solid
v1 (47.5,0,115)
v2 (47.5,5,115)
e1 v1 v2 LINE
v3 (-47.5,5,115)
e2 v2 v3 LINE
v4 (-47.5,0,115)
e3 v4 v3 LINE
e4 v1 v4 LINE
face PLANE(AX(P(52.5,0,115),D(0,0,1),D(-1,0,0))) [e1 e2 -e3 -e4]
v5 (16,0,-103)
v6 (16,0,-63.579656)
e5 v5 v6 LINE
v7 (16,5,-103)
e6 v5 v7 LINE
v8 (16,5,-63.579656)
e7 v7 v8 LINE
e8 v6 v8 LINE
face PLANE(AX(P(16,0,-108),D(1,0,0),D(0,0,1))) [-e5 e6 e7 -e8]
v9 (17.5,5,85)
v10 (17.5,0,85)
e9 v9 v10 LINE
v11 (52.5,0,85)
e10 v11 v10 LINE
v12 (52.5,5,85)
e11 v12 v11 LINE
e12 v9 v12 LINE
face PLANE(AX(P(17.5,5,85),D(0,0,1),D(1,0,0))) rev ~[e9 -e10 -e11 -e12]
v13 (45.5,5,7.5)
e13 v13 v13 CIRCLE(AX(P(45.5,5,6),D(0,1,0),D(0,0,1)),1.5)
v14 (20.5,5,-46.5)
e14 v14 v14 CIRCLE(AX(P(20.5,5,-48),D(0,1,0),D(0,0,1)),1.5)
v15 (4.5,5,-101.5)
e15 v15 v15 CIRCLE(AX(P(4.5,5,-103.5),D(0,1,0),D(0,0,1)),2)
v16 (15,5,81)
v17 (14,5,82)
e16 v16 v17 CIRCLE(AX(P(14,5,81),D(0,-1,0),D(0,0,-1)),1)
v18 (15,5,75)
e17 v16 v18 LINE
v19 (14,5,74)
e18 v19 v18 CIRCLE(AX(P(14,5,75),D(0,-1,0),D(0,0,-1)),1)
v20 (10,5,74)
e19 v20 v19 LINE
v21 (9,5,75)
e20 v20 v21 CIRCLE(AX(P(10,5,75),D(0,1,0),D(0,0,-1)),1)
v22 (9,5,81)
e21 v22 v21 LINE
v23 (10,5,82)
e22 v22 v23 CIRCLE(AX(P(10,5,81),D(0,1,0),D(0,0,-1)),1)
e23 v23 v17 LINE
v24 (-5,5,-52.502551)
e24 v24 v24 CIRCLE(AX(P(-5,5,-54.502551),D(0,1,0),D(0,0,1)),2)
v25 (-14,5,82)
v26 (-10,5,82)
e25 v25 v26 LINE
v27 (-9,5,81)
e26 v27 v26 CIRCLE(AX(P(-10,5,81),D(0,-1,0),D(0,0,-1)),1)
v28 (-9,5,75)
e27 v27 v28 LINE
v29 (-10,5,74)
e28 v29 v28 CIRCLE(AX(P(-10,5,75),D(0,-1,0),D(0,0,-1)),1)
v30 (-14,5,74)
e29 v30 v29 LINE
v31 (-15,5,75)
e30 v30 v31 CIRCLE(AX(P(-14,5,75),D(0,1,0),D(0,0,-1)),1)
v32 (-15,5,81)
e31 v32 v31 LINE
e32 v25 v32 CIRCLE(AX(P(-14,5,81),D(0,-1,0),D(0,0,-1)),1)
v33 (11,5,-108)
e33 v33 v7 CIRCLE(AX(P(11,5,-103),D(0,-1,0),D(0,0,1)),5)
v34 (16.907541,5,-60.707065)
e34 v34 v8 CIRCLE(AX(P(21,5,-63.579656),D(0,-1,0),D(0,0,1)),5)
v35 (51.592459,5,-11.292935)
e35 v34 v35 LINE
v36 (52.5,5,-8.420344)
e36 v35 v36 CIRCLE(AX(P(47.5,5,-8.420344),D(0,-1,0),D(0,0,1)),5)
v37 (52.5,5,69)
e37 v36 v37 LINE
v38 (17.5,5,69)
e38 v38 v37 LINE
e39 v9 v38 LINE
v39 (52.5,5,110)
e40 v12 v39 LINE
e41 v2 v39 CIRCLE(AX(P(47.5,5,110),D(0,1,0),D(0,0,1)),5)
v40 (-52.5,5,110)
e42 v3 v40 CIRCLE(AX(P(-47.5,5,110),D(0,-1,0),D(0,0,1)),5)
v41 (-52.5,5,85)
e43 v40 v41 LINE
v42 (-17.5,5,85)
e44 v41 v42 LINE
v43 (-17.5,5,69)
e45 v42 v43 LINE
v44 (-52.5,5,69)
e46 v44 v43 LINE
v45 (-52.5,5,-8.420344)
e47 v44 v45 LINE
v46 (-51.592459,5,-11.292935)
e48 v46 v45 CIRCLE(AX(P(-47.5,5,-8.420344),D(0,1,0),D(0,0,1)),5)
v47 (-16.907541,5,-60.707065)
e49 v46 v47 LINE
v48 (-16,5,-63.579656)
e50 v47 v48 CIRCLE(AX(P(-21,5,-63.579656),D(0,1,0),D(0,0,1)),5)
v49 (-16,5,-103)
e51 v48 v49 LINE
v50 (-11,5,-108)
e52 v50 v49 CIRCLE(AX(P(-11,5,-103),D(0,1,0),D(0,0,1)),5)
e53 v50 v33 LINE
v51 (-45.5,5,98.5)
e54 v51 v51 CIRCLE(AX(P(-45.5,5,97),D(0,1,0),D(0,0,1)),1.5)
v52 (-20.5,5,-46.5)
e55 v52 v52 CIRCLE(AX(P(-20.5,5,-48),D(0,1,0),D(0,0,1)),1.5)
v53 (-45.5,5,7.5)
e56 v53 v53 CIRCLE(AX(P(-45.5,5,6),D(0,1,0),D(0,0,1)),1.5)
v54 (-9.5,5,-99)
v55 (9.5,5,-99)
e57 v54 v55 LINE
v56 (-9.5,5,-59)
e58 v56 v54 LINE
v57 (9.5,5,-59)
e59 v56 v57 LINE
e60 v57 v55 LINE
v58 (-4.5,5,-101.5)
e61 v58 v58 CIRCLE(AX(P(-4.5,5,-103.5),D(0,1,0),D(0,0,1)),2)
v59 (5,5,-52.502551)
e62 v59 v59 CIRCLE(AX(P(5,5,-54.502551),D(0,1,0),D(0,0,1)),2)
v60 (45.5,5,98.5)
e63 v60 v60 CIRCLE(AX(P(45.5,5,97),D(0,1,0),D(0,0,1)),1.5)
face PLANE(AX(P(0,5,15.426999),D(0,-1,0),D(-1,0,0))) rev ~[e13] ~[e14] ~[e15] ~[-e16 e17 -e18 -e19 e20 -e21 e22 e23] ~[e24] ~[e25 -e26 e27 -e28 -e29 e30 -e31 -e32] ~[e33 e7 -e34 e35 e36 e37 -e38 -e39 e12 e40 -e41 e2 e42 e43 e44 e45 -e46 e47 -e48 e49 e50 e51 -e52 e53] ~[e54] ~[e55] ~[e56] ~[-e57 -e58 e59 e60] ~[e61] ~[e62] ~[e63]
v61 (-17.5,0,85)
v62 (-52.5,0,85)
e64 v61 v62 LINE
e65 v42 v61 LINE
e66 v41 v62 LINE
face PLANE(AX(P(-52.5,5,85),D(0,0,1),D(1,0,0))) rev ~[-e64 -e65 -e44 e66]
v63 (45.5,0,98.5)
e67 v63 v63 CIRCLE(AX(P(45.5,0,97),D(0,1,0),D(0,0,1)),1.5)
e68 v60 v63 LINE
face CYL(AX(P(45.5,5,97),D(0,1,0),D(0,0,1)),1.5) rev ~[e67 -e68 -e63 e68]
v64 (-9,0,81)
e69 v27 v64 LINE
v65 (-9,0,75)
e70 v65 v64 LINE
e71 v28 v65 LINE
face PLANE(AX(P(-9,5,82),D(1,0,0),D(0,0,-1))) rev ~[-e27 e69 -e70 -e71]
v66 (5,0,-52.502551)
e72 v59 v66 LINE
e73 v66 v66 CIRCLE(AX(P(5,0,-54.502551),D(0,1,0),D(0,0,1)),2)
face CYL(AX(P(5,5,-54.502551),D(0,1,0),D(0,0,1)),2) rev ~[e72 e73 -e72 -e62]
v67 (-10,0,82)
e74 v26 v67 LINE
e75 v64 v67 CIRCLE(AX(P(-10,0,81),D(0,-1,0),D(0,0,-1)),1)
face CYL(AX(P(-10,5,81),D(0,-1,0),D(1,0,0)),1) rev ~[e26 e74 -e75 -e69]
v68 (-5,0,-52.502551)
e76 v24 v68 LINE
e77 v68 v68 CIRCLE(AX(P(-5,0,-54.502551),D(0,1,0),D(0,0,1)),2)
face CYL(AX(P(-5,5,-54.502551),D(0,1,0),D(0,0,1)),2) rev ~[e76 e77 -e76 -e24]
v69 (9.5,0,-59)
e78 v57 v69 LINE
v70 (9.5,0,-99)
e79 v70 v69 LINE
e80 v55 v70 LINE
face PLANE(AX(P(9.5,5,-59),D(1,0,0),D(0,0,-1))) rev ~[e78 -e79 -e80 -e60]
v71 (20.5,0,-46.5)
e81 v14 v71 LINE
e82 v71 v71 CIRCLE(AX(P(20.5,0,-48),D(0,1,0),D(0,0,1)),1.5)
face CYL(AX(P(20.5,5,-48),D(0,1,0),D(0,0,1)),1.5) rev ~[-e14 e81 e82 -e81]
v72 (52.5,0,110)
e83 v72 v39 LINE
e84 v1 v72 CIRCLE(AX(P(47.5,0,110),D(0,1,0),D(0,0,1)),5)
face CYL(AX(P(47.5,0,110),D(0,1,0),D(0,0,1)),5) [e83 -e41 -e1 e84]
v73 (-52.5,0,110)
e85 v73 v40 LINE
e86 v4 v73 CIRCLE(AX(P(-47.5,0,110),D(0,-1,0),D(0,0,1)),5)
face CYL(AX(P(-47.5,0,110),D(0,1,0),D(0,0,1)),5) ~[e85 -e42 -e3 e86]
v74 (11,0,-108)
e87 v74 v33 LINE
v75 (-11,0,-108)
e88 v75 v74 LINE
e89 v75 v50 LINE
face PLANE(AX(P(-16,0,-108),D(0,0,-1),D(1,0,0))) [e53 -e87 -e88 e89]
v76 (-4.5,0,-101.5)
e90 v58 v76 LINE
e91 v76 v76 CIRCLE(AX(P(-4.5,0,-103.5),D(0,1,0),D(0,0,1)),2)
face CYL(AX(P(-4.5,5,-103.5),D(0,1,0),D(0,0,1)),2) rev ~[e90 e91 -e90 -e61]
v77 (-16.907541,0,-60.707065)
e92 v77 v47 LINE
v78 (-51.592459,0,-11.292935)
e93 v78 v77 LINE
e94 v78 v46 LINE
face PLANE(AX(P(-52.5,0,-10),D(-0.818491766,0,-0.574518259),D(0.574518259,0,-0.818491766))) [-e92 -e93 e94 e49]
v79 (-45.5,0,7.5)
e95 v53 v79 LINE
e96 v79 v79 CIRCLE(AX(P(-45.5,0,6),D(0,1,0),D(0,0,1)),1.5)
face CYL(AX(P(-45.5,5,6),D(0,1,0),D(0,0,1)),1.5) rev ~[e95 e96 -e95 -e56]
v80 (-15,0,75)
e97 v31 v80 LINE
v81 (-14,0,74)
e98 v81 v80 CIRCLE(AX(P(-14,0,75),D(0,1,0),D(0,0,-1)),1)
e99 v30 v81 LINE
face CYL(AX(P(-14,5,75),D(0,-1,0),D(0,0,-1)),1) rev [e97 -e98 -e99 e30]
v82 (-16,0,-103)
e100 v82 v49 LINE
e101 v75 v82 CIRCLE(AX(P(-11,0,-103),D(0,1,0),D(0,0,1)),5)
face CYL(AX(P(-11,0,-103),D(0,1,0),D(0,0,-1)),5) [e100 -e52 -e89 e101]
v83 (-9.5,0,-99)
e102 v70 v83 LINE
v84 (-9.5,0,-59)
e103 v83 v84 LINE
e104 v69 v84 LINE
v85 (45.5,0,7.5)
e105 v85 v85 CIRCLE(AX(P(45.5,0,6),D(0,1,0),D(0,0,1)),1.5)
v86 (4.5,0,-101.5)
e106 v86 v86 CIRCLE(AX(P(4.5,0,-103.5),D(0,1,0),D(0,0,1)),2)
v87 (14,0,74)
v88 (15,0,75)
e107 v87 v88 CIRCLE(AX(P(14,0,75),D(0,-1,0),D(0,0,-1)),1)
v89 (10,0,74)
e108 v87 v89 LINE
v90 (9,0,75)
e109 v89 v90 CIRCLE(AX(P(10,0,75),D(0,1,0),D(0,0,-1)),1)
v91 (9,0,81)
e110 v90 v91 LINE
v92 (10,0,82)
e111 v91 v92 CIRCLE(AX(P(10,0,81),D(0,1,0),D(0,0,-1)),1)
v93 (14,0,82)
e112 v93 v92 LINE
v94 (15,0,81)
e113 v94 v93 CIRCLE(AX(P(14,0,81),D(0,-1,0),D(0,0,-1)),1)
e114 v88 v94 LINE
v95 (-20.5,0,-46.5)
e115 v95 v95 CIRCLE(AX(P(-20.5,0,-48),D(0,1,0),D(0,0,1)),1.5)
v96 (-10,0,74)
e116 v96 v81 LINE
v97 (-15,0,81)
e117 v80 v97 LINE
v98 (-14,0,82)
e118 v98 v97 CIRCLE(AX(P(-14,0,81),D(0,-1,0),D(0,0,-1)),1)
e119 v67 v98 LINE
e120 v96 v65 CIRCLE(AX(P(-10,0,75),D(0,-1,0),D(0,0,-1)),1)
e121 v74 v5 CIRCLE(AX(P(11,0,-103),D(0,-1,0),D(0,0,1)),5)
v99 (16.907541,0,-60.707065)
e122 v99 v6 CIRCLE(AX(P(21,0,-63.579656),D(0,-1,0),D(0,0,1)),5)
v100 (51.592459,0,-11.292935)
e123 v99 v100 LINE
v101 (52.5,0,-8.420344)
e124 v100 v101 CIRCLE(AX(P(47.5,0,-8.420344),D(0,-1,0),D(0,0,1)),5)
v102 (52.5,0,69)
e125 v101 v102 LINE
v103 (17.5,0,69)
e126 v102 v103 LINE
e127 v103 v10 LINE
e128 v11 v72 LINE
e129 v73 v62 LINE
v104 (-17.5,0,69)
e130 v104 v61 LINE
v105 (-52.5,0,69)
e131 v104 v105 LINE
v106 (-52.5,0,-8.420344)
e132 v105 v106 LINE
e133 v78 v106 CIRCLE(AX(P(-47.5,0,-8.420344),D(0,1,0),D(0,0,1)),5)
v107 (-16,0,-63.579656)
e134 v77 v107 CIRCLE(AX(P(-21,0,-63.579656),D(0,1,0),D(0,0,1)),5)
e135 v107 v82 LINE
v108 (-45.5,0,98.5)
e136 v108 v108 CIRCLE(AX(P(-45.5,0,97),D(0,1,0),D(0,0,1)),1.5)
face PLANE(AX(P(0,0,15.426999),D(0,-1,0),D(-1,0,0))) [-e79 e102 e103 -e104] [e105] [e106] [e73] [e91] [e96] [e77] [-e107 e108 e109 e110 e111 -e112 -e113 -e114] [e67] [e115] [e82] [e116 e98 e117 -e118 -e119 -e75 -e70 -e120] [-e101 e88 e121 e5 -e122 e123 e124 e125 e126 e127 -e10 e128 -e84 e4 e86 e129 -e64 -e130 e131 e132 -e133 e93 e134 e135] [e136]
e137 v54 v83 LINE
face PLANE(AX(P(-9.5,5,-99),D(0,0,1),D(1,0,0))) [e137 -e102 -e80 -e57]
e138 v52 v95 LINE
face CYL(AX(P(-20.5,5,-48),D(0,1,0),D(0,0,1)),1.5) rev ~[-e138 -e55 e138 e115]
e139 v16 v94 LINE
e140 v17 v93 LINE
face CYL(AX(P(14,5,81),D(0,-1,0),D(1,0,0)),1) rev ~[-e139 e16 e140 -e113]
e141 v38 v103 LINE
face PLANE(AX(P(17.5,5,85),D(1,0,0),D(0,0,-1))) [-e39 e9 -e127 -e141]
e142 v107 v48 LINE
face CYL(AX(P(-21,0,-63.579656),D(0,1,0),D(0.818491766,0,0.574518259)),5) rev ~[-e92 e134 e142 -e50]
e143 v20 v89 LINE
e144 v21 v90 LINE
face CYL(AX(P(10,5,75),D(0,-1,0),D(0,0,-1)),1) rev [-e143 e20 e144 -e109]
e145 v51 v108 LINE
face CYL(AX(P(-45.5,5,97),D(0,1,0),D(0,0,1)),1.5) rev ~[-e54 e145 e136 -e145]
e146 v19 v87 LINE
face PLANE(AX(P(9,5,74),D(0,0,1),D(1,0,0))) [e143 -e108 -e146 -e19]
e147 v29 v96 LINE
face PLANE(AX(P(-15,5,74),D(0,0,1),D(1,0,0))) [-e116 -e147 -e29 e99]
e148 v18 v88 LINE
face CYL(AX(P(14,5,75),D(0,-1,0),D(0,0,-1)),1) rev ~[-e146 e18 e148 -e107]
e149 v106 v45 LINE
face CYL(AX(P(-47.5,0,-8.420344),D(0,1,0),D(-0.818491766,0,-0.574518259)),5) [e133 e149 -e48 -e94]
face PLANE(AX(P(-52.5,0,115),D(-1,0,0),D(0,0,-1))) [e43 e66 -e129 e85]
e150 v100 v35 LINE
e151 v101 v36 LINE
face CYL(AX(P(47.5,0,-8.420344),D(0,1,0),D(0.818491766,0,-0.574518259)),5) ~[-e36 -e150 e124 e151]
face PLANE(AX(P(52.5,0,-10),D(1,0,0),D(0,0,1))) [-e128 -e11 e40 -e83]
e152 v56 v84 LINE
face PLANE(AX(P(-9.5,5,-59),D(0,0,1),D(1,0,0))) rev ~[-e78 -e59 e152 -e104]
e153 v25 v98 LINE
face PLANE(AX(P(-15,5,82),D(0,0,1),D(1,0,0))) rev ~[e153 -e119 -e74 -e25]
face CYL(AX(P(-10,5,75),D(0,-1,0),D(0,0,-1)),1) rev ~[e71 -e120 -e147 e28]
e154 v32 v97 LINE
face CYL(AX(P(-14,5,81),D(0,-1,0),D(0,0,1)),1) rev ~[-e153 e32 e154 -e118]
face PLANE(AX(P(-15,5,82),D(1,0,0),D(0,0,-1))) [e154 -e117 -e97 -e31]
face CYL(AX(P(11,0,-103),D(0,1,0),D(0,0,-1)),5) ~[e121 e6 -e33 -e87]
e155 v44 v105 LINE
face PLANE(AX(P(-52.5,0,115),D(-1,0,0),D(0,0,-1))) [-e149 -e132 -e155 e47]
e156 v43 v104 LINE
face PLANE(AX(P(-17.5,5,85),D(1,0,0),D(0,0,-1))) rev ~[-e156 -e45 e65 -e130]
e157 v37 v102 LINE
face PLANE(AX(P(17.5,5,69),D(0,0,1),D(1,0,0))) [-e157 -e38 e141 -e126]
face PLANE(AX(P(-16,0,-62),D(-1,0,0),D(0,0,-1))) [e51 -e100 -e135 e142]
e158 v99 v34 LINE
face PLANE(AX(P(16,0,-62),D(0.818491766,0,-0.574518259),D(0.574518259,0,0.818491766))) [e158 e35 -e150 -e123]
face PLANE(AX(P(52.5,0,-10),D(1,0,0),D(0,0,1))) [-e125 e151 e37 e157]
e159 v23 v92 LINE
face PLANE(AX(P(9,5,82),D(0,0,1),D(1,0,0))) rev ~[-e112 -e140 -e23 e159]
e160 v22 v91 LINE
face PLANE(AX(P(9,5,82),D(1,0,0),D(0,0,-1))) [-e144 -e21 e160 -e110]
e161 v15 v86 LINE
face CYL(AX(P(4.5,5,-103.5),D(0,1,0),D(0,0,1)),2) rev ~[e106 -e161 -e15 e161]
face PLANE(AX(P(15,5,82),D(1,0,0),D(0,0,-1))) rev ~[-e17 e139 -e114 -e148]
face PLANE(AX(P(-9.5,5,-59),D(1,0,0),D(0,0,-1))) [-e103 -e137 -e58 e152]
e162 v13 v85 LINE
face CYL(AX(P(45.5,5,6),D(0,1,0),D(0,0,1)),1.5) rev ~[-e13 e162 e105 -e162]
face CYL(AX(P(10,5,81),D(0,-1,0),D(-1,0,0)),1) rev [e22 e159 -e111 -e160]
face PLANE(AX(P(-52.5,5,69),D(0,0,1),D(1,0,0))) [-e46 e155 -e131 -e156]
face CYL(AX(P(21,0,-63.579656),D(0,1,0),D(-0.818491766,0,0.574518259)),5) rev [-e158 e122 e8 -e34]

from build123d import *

# Parameters (mm, degrees)
BOSS_EXTRUDE1_DEPTH = 5
SKETCH2_R           = 2
SKETCH2_R_2         = 1.5
SKETCH2_W           = 19
SKETCH2_H           = 40
SKETCH2_W_2         = 35
SKETCH2_H_2         = 16
SKETCH2_W_3         = 6
SKETCH2_H_3         = 8
CUT_EXTRUDE1_DEPTH  = 7
FILLET1_R           = 5
FILLET2_R           = 5
FILLET3_R           = 5
FILLET4_R           = 5
FILLET5_R           = 5
FILLET6_R           = 5
FILLET8_R           = 1
FILLET9_R           = 1
FILLET10_R          = 5


with BuildPart() as part:
    # Sketch1 → Boss-Extrude1 (new body)
    with BuildSketch(Plane(origin=(0, 0, 0), x_dir=(1, 0, 0), z_dir=(0, 1, 0))):
        Polygon((-16, 108), (16, 108), (16, 62), (52.5, 10), (52.5, -115), (-52.5, -115), (-52.5, 10), (-16, 62), align=None)
    extrude(amount=BOSS_EXTRUDE1_DEPTH)

    # Sketch2 → Cut-Extrude1 (cut)
    with BuildSketch(Plane(origin=(0, 5, 0), x_dir=(1, 0, 0), z_dir=(0, 1, 0))):
        with Locations(Location((-4.5, 103.5, 0), (0, 0, 270))):
            Circle(SKETCH2_R)
        with Locations(Location((4.5, 103.5, 0), (0, 0, 270))):
            Circle(SKETCH2_R)
        with Locations(Location((-5, 54.502551087, 0), (0, 0, 270))):
            Circle(SKETCH2_R)
        with Locations(Location((5, 54.502551087, 0), (0, 0, 270))):
            Circle(SKETCH2_R)
        with Locations(Location((-20.5, 48, 0), (0, 0, 270))):
            Circle(SKETCH2_R_2)
        with Locations(Location((20.5, 48, 0), (0, 0, 270))):
            Circle(SKETCH2_R_2)
        with Locations(Location((45.5, -6, 0), (0, 0, 270))):
            Circle(SKETCH2_R_2)
        with Locations(Location((-45.5, -6, 0), (0, 0, 270))):
            Circle(SKETCH2_R_2)
        with Locations(Location((45.5, -97, 0), (0, 0, 270))):
            Circle(SKETCH2_R_2)
        with Locations(Location((-45.5, -97, 0), (0, 0, 270))):
            Circle(SKETCH2_R_2)
        with Locations((0, 79)):
            Rectangle(SKETCH2_W, SKETCH2_H)
        with Locations((-35, -77)):
            Rectangle(SKETCH2_W_2, SKETCH2_H_2)
        with Locations((35, -77)):
            Rectangle(SKETCH2_W_2, SKETCH2_H_2)
        with Locations((-12, -78)):
            Rectangle(SKETCH2_W_3, SKETCH2_H_3)
        with Locations((12, -78)):
            Rectangle(SKETCH2_W_3, SKETCH2_H_3)
    extrude(amount=-CUT_EXTRUDE1_DEPTH, mode=Mode.SUBTRACT)

    # Fillet1
    fillet1_edges = [part.edges().sort_by_distance(p)[0] for p in [
        (16, 2.5, -108),
    ]]
    fillet(fillet1_edges, radius=FILLET1_R)

    # Fillet2
    fillet2_edges = [part.edges().sort_by_distance(p)[0] for p in [
        (-16, 2.5, -108),
    ]]
    fillet(fillet2_edges, radius=FILLET2_R)

    # Fillet3
    fillet3_edges = [part.edges().sort_by_distance(p)[0] for p in [
        (52.5, 2.5, -10),
    ]]
    fillet(fillet3_edges, radius=FILLET3_R)

    # Fillet4
    fillet4_edges = [part.edges().sort_by_distance(p)[0] for p in [
        (-52.5, 2.5, -10),
    ]]
    fillet(fillet4_edges, radius=FILLET4_R)

    # Fillet5
    fillet5_edges = [part.edges().sort_by_distance(p)[0] for p in [
        (52.5, 2.5, 115),
    ]]
    fillet(fillet5_edges, radius=FILLET5_R)

    # Fillet6
    fillet6_edges = [part.edges().sort_by_distance(p)[0] for p in [
        (-52.5, 2.5, 115),
    ]]
    fillet(fillet6_edges, radius=FILLET6_R)

    # Fillet8
    fillet8_edges = [part.edges().sort_by_distance(p)[0] for p in [
        (15, 2.5, 74),
    ]]
    fillet(fillet8_edges, radius=FILLET8_R)

    # Fillet9
    fillet9_edges = [part.edges().sort_by_distance(p)[0] for p in [
        (-15, 2.5, 82),
        (-15, 2.5, 74),
        (-9, 2.5, 74),
        (-9, 2.5, 82),
        (9, 2.5, 74),
        (15, 2.5, 82),
        (9, 2.5, 82),
    ]]
    fillet(fillet9_edges, radius=FILLET9_R)

    # Fillet10
    fillet10_edges = [part.edges().sort_by_distance(p)[0] for p in [
        (16, 2.5, -62),
        (-16, 2.5, -62),
    ]]
    fillet(fillet10_edges, radius=FILLET10_R)


solid = part.part
